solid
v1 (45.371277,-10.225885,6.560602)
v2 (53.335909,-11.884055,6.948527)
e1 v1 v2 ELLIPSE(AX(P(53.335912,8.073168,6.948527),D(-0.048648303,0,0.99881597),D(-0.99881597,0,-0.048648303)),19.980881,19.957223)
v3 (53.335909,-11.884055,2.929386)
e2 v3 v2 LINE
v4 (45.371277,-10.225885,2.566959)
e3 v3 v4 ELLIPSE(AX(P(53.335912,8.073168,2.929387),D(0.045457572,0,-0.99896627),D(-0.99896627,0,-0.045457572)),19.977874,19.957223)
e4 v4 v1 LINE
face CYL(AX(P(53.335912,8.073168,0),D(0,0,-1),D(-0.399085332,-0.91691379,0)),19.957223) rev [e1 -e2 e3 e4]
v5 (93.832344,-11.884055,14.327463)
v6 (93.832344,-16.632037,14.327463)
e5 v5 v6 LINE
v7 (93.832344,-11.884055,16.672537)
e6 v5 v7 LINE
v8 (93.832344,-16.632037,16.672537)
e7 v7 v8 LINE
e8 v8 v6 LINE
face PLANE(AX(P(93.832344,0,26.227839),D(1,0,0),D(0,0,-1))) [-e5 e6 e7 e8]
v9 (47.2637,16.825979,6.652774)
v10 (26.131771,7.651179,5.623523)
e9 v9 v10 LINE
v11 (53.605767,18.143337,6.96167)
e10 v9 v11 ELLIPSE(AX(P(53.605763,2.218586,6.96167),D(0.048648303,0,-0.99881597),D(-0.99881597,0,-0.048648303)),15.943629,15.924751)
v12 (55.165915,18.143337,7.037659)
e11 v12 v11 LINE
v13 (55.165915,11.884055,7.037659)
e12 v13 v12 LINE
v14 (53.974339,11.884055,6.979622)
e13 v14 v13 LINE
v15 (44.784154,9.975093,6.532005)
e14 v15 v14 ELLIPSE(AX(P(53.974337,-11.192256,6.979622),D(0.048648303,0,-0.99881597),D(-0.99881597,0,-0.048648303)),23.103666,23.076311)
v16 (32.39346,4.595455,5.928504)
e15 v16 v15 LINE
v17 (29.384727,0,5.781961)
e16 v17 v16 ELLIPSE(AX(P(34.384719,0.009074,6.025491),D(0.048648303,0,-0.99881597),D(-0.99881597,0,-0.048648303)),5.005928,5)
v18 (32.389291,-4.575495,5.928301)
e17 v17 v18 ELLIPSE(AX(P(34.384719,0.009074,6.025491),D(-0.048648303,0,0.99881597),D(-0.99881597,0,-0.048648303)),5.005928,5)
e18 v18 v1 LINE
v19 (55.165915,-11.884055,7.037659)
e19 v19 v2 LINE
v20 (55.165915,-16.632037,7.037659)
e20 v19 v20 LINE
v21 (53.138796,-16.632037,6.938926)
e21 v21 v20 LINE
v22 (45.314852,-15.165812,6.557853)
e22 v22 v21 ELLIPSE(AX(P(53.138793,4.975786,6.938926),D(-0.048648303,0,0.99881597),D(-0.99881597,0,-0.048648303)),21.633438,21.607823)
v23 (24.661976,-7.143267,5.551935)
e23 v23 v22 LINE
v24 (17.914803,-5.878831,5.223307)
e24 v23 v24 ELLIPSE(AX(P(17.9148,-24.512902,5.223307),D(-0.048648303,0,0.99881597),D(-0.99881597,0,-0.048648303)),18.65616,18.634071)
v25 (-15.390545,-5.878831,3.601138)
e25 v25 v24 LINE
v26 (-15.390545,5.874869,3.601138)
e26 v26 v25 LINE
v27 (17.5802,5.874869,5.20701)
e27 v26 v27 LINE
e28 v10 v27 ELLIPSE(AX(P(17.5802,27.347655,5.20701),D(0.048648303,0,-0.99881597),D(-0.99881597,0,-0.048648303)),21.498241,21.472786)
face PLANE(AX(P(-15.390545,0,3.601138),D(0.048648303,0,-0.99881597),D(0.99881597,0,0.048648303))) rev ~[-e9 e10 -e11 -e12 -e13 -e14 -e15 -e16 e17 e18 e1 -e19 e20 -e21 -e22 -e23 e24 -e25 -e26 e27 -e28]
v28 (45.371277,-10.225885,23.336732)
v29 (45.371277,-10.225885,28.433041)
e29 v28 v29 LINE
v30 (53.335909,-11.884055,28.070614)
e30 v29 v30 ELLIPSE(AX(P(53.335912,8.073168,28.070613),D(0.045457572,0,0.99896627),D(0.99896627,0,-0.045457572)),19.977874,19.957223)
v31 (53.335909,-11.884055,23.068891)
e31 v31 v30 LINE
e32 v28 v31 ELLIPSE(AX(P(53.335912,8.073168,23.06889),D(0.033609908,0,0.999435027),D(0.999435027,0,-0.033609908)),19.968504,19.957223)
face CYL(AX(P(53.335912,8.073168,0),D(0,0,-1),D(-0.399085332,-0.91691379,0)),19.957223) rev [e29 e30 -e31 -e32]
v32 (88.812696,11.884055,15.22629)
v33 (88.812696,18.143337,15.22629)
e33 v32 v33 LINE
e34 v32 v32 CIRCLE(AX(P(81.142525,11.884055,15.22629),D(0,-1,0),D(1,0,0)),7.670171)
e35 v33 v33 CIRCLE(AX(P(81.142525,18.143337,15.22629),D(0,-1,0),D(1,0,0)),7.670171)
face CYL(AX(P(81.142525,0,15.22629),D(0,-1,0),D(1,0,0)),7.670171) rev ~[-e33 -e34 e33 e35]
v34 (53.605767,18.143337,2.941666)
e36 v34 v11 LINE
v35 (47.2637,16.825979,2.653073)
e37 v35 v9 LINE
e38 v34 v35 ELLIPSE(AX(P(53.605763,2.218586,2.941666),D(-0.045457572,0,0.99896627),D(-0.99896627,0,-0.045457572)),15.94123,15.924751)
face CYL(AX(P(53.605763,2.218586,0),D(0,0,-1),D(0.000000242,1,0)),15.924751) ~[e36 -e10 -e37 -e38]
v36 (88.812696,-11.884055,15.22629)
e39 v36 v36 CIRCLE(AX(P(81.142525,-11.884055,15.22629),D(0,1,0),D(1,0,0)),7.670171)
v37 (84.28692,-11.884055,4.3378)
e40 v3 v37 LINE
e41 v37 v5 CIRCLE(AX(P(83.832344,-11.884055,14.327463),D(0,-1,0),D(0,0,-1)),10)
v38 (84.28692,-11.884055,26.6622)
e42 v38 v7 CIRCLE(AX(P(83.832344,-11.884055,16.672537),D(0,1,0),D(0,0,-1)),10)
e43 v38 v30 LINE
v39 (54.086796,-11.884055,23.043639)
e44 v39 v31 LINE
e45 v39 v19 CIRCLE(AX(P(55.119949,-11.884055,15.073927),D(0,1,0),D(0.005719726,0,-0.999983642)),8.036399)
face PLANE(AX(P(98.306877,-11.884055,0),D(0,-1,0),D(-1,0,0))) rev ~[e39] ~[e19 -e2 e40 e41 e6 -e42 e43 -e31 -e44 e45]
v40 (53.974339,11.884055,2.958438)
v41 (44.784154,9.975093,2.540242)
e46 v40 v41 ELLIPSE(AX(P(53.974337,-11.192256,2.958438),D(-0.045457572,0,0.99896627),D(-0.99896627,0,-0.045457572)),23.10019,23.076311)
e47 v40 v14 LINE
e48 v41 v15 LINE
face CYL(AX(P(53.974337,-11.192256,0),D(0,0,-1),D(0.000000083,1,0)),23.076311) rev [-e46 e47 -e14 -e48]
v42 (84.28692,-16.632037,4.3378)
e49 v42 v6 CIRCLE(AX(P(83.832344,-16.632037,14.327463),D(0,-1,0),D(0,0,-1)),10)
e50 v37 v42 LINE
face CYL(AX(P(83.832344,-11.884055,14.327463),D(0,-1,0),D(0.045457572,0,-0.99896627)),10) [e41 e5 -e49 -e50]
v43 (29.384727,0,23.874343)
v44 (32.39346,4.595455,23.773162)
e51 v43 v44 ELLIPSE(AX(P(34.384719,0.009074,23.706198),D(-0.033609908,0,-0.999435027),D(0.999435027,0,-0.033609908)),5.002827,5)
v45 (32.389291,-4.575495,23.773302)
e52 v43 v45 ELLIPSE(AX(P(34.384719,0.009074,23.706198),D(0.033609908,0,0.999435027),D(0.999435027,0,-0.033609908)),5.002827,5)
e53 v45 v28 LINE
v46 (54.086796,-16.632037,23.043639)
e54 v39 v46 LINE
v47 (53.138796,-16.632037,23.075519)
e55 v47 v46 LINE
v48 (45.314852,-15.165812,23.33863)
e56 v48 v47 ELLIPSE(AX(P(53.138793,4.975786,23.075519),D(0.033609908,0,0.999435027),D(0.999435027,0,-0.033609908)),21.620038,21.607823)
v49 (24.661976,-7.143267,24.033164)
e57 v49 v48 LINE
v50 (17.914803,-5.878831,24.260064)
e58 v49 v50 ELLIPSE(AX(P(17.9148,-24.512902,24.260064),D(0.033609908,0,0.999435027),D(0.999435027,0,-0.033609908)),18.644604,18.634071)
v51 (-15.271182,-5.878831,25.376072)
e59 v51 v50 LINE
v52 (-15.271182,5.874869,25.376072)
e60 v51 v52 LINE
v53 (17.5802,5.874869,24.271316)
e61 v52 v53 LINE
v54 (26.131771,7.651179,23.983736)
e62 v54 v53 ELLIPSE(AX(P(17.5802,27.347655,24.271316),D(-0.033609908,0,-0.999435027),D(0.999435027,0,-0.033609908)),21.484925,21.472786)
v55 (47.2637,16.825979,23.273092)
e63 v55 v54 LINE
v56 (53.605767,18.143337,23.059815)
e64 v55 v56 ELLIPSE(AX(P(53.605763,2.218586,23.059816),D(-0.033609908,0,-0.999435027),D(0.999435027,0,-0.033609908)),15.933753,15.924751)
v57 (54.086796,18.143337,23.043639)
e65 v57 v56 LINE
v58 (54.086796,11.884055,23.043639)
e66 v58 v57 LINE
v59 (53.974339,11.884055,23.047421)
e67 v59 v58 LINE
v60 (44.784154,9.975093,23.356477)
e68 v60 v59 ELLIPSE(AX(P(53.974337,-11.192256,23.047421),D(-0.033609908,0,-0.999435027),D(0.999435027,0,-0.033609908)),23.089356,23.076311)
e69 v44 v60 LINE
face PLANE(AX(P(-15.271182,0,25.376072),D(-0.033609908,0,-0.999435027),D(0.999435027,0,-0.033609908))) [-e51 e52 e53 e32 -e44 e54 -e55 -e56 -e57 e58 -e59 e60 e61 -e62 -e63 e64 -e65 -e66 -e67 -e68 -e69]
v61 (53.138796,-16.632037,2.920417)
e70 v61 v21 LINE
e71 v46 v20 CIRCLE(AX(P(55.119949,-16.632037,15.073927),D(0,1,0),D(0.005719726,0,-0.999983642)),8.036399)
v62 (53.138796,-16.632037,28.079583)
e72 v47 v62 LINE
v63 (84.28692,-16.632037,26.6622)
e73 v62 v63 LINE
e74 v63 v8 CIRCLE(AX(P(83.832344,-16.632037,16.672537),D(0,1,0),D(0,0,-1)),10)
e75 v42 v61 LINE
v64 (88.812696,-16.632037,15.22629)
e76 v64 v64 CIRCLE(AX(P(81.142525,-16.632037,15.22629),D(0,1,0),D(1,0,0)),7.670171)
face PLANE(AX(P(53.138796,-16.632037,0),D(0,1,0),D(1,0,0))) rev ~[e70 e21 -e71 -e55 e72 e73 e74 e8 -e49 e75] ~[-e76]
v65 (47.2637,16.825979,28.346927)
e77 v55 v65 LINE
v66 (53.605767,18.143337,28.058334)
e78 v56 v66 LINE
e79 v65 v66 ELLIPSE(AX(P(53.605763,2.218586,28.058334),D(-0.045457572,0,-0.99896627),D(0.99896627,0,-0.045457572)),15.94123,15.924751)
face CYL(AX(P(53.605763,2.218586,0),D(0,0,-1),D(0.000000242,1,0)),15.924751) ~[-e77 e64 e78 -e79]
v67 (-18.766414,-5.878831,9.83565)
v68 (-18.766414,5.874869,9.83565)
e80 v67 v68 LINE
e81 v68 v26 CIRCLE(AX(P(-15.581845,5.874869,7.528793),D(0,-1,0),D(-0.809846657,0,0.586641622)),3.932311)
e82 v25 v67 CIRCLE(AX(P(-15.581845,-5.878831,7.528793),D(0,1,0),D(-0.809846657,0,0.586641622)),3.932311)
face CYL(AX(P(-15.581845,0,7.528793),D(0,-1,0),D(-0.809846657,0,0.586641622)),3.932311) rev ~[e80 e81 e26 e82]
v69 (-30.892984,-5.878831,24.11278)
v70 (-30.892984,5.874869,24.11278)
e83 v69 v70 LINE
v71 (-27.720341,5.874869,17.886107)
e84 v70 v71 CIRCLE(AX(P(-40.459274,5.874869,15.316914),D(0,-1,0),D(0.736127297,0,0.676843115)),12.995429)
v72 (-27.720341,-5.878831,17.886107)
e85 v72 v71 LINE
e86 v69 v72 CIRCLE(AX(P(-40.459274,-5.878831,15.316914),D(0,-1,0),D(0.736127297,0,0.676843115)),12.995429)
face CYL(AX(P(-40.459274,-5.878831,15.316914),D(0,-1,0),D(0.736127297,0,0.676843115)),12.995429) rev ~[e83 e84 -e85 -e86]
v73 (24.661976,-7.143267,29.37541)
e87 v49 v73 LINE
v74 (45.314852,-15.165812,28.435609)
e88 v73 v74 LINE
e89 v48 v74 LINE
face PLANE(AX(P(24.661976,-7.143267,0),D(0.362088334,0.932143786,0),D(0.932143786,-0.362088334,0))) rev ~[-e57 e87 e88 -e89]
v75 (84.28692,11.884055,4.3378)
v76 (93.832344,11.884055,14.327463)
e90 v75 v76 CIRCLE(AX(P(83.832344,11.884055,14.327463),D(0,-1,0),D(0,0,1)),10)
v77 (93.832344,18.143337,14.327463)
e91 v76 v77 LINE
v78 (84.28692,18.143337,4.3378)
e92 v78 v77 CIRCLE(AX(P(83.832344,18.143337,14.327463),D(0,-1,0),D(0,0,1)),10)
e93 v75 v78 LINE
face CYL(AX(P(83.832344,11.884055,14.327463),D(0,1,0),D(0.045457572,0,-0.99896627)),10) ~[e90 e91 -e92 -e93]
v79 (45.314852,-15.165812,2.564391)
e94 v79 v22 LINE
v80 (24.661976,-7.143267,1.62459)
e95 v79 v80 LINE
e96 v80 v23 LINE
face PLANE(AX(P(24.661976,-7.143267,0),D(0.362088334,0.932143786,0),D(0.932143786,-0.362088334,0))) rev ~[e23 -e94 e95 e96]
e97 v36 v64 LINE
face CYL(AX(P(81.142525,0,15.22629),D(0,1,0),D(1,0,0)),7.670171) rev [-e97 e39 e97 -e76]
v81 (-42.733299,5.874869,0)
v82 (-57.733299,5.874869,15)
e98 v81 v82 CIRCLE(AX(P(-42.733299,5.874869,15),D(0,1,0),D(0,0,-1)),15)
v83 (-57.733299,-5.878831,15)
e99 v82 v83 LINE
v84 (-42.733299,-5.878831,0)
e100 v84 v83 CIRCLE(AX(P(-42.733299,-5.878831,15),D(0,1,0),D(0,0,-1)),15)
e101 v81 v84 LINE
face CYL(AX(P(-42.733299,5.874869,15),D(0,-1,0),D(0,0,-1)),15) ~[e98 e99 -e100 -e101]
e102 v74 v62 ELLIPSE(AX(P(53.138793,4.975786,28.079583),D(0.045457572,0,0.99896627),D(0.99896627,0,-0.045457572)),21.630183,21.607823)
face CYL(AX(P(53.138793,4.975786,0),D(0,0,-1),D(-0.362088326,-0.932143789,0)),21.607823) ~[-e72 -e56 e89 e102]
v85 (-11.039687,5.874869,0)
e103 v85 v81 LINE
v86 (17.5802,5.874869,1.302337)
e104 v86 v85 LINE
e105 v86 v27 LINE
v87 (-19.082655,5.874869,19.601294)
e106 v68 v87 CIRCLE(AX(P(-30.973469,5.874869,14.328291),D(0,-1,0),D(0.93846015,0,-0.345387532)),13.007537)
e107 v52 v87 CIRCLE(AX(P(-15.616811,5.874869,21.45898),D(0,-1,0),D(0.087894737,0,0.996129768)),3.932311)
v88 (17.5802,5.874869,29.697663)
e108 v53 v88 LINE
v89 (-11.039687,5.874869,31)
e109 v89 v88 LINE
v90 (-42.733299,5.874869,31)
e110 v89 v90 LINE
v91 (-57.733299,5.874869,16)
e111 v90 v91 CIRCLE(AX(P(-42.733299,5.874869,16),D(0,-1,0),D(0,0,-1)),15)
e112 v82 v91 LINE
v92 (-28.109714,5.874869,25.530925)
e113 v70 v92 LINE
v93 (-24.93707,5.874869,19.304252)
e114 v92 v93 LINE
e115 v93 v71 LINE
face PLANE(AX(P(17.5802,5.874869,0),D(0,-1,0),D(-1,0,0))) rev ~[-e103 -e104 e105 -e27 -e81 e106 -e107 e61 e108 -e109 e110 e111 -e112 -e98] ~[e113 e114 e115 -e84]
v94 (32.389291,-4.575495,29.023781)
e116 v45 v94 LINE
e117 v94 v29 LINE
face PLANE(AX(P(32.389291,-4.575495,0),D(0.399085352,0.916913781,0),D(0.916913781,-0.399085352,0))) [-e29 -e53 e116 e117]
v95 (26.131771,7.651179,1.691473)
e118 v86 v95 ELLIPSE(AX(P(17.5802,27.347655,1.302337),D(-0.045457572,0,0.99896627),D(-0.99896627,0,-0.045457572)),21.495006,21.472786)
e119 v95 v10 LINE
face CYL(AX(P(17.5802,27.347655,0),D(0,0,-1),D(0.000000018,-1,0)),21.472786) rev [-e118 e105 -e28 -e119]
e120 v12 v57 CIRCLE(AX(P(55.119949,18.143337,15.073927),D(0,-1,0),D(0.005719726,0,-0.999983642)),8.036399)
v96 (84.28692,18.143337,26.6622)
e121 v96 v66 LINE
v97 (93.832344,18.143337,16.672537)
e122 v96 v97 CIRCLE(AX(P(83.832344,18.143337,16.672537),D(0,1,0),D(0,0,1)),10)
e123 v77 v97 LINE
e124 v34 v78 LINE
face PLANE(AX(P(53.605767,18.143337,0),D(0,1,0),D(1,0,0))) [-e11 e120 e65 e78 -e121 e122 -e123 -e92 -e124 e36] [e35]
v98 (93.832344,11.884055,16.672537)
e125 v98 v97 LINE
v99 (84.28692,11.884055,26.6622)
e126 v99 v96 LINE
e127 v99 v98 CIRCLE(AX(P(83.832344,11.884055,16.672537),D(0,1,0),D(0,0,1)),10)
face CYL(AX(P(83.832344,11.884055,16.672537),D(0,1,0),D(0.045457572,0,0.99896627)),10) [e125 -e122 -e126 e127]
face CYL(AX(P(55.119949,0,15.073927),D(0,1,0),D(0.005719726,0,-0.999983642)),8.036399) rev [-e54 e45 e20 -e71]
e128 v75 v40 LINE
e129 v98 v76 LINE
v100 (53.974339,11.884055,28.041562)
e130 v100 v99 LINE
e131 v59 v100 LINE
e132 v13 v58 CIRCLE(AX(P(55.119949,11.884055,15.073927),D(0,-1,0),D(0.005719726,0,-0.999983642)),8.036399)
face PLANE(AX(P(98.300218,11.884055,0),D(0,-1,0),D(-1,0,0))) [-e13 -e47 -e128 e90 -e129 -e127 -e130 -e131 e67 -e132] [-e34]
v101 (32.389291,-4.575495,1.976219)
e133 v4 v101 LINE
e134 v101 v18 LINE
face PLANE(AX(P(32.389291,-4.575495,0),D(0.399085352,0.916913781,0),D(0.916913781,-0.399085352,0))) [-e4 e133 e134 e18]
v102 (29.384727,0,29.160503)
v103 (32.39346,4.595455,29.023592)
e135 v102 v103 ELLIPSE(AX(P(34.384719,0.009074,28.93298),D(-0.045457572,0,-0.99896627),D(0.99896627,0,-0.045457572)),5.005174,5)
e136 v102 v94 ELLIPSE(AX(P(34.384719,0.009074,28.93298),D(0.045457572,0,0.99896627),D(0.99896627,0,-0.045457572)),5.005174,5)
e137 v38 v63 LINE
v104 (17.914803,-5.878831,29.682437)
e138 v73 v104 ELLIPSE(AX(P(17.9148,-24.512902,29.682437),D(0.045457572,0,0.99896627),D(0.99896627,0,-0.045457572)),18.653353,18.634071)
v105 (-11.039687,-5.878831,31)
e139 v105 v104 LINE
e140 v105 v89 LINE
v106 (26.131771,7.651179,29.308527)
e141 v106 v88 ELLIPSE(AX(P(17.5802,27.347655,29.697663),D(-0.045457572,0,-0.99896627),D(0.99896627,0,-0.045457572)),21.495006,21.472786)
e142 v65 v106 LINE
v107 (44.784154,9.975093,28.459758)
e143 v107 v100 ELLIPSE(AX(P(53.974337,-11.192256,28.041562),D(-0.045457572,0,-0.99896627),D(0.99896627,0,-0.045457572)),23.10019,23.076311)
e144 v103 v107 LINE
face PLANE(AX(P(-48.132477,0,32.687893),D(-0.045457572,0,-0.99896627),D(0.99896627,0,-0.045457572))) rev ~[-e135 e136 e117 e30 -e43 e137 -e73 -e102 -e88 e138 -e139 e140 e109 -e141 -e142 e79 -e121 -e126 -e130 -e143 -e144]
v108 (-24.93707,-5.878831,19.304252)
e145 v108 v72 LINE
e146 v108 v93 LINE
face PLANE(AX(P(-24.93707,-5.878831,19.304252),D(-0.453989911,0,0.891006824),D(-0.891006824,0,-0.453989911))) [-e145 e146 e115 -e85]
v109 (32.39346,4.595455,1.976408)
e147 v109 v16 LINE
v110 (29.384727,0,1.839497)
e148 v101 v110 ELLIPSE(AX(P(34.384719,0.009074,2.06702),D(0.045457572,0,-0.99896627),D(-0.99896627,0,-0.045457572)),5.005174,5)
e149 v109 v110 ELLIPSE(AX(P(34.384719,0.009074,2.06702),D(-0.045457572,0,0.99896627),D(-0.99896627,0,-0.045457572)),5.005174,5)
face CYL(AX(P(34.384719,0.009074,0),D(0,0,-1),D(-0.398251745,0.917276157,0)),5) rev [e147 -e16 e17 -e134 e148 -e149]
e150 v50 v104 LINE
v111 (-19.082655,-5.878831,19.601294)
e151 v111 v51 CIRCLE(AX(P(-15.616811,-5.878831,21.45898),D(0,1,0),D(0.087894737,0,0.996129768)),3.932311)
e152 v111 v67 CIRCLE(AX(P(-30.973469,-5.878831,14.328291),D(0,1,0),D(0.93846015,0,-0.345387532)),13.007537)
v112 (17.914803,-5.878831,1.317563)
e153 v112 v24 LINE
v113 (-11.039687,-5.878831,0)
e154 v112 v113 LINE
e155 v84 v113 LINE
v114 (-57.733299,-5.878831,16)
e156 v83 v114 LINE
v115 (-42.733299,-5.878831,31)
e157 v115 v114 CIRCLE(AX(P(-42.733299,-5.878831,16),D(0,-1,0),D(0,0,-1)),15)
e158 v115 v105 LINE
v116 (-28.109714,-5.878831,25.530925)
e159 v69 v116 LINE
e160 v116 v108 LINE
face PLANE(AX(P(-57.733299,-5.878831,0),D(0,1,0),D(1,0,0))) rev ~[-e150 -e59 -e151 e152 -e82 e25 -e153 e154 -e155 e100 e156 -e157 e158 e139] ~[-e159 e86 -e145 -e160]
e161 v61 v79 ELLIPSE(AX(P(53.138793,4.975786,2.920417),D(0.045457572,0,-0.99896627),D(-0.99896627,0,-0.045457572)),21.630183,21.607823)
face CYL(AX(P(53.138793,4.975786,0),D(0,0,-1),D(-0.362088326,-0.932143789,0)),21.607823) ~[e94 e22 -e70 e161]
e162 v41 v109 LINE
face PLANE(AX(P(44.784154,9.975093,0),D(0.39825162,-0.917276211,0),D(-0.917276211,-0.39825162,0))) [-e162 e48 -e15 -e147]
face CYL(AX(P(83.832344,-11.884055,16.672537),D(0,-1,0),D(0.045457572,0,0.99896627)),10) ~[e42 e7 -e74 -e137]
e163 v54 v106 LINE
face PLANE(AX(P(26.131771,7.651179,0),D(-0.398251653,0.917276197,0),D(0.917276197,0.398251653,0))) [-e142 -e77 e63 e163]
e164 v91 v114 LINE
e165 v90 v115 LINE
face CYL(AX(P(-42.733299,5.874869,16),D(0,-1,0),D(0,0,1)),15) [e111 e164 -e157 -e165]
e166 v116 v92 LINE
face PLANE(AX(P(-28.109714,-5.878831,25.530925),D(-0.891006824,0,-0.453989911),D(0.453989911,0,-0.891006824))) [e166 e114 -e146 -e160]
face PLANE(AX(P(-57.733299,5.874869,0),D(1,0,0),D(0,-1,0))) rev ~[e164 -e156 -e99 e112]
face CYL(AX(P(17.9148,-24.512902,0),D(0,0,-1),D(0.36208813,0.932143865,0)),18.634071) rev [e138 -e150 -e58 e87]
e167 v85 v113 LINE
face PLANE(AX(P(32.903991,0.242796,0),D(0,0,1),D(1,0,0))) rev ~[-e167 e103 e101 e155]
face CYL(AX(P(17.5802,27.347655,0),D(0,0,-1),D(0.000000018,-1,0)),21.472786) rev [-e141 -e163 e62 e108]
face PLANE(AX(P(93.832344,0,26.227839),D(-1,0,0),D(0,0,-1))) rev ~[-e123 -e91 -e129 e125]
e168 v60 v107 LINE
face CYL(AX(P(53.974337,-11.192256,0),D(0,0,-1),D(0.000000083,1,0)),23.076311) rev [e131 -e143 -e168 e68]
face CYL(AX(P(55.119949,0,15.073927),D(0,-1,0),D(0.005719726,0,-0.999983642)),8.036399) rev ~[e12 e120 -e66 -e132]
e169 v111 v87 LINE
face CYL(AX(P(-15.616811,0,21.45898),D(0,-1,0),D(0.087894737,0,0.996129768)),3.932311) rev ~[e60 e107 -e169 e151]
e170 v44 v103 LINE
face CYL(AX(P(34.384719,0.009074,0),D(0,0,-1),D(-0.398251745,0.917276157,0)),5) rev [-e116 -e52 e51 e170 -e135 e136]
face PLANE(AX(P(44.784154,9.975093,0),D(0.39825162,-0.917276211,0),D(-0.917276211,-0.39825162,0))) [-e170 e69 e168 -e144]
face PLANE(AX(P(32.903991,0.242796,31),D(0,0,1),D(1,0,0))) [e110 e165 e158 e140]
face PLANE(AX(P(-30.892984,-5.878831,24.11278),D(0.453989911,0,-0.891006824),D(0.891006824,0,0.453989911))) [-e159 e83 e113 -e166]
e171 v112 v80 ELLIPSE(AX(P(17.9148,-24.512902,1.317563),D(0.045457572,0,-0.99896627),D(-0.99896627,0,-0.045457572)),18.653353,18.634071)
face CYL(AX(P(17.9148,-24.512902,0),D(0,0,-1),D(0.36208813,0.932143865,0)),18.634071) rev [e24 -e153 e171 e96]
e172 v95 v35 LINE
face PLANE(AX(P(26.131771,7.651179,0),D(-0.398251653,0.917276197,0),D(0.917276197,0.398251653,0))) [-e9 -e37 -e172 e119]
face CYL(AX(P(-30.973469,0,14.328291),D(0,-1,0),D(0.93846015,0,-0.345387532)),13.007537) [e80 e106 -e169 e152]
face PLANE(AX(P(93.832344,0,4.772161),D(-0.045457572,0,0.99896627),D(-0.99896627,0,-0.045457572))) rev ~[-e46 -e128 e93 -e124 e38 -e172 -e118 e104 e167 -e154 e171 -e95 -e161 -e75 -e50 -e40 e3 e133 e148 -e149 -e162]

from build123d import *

# Parameters (mm, degrees)
PAD_DEPTH            = 31
FILLET_R             = 15
POCKET_DEPTH         = 24.023168
FILLET001_R          = 15
POCKET001_DEPTH      = 18.144337
POCKET001_DEPTH_BACK = -16.633037
FILLET002_R          = 10
SKETCH003_R          = 7.670171
POCKET002_DEPTH      = 18.144337
POCKET002_DEPTH_BACK = -16.633037
POCKET003_DEPTH      = 18.144337
POCKET003_DEPTH_BACK = -16.633037


with BuildPart() as part:
    # Sketch → Pad (new body)
    with BuildSketch(Plane.XY):
        with BuildLine():
            Line((17.5802, 5.874869), (-57.733299, 5.874869))
            Line((-57.733299, 5.874869), (-57.733299, -5.878831))
            Line((-57.733299, -5.878831), (17.914803, -5.878831))
            ThreePointArc((24.661976, -7.143267), (21.347118, -6.197668), (17.914803, -5.878831))
            Line((24.661976, -7.143267), (45.314852, -15.165812))
            ThreePointArc((45.314852, -15.165812), (49.158723, -16.262318), (53.138796, -16.632037))
            Line((53.138796, -16.632037), (98.306877, -16.632037))
            Line((98.306877, -16.632037), (98.306877, -11.884055))
            Line((98.306877, -11.884055), (53.335909, -11.884055))
            ThreePointArc((45.371277, -10.225885), (49.268204, -11.465115), (53.335909, -11.884055))
            Line((32.389291, -4.575495), (45.371277, -10.225885))
            ThreePointArc((32.39346, 4.595455), (29.384719, 0.011347), (32.389291, -4.575495))
            Line((44.784154, 9.975093), (32.39346, 4.595455))
            ThreePointArc((53.974339, 11.884055), (49.281162, 11.401775), (44.784154, 9.975093))
            Line((98.300218, 11.884055), (53.974339, 11.884055))
            Line((98.300218, 18.143337), (98.300218, 11.884055))
            Line((53.605767, 18.143337), (98.300218, 18.143337))
            ThreePointArc((53.605767, 18.143337), (50.367046, 17.81052), (47.2637, 16.825979))
            Line((26.131771, 7.651179), (47.2637, 16.825979))
            ThreePointArc((17.5802, 5.874869), (21.947254, 6.323636), (26.131771, 7.651179))
        make_face()
    extrude(amount=PAD_DEPTH)

    # Fillet
    fillet_edges = [part.edges().sort_by_distance(p)[0] for p in [
        (98.306877, -14.258046, 31),
        (98.300218, 15.013696, 31),
        (98.306877, -14.258046, 0),
        (98.300218, 15.013696, 0),
    ]]
    fillet(fillet_edges, radius=FILLET_R)

    # Sketch001 (on Face13 of Fillet) → Pocket (cut, through all)
    with BuildSketch(Plane(origin=(3, -5.878831, 20), x_dir=(0.891007, 0, 0.45399), z_dir=(0, -1, 0))):
        with BuildLine():
            ThreePointArc((-28.331719, 19.051588), (-53.844012, 15.55741), (-28.331719, 12.063232))
            Line((-25.207983, 12.063232), (-28.331719, 12.063232))
            Line((-25.207983, 19.051588), (-25.207983, 12.063232))
            Line((-28.331719, 19.051588), (-25.207983, 19.051588))
        make_face()
    extrude(amount=-POCKET_DEPTH, mode=Mode.SUBTRACT)

    # Fillet001
    fillet001_edges = [part.edges().sort_by_distance(p)[0] for p in [
        (-57.733299, -0.001981, 31),
        (-57.733299, -0.001981, 0),
    ]]
    fillet(fillet001_edges, radius=FILLET001_R)

    # Sketch002 → Pocket001 (cut, two sides)
    with BuildSketch(Plane.XZ) as pocket001_sk:
        Polygon((-48.132477, 32.687893), (93.832344, 26.227839), (93.832344, 4.772161), (-48.132477, -1.687893), (-48.132477, -33.037488), (136.738275, -33.037488), (136.738275, 64.037488), (-48.132477, 64.037488), align=None)
    extrude(amount=-POCKET001_DEPTH, mode=Mode.SUBTRACT)
    extrude(pocket001_sk.sketch, amount=-POCKET001_DEPTH_BACK, mode=Mode.SUBTRACT)

    # Fillet002
    fillet002_edges = [part.edges().sort_by_distance(p)[0] for p in [
        (93.832344, 15.013696, 26.227839),
        (93.832344, -14.258046, 26.227839),
        (93.832344, 15.013696, 4.772161),
        (93.832344, -14.258046, 4.772161),
    ]]
    fillet(fillet002_edges, radius=FILLET002_R)

    # Sketch003 → Pocket002 (cut, two sides)
    with BuildSketch(Plane.XZ) as pocket002_sk:
        with Locations((81.142525, 15.22629)):
            Circle(SKETCH003_R)
    extrude(amount=-POCKET002_DEPTH, mode=Mode.SUBTRACT)
    extrude(pocket002_sk.sketch, amount=-POCKET002_DEPTH_BACK, mode=Mode.SUBTRACT)

    # Sketch004 → Pocket003 (cut, two sides)
    with BuildSketch(Plane.XZ) as pocket003_sk:
        with BuildLine():
            ThreePointArc((-15.271182, 25.376072), (-18.898724, 23.62511), (-19.082655, 19.601294))
            ThreePointArc((-18.766414, 9.83565), (-17.972747, 14.749294), (-19.082655, 19.601294))
            ThreePointArc((-18.766414, 9.83565), (-19.039764, 5.656397), (-15.390545, 3.601138))
            Line((-15.390545, 3.601138), (55.165915, 7.037659))
            ThreePointArc((55.165915, 7.037659), (63.138146, 15.614512), (54.086796, 23.043639))
            Line((-15.271182, 25.376072), (54.086796, 23.043639))
        make_face()
    extrude(amount=-POCKET003_DEPTH, mode=Mode.SUBTRACT)
    extrude(pocket003_sk.sketch, amount=-POCKET003_DEPTH_BACK, mode=Mode.SUBTRACT)


solid = part.part
